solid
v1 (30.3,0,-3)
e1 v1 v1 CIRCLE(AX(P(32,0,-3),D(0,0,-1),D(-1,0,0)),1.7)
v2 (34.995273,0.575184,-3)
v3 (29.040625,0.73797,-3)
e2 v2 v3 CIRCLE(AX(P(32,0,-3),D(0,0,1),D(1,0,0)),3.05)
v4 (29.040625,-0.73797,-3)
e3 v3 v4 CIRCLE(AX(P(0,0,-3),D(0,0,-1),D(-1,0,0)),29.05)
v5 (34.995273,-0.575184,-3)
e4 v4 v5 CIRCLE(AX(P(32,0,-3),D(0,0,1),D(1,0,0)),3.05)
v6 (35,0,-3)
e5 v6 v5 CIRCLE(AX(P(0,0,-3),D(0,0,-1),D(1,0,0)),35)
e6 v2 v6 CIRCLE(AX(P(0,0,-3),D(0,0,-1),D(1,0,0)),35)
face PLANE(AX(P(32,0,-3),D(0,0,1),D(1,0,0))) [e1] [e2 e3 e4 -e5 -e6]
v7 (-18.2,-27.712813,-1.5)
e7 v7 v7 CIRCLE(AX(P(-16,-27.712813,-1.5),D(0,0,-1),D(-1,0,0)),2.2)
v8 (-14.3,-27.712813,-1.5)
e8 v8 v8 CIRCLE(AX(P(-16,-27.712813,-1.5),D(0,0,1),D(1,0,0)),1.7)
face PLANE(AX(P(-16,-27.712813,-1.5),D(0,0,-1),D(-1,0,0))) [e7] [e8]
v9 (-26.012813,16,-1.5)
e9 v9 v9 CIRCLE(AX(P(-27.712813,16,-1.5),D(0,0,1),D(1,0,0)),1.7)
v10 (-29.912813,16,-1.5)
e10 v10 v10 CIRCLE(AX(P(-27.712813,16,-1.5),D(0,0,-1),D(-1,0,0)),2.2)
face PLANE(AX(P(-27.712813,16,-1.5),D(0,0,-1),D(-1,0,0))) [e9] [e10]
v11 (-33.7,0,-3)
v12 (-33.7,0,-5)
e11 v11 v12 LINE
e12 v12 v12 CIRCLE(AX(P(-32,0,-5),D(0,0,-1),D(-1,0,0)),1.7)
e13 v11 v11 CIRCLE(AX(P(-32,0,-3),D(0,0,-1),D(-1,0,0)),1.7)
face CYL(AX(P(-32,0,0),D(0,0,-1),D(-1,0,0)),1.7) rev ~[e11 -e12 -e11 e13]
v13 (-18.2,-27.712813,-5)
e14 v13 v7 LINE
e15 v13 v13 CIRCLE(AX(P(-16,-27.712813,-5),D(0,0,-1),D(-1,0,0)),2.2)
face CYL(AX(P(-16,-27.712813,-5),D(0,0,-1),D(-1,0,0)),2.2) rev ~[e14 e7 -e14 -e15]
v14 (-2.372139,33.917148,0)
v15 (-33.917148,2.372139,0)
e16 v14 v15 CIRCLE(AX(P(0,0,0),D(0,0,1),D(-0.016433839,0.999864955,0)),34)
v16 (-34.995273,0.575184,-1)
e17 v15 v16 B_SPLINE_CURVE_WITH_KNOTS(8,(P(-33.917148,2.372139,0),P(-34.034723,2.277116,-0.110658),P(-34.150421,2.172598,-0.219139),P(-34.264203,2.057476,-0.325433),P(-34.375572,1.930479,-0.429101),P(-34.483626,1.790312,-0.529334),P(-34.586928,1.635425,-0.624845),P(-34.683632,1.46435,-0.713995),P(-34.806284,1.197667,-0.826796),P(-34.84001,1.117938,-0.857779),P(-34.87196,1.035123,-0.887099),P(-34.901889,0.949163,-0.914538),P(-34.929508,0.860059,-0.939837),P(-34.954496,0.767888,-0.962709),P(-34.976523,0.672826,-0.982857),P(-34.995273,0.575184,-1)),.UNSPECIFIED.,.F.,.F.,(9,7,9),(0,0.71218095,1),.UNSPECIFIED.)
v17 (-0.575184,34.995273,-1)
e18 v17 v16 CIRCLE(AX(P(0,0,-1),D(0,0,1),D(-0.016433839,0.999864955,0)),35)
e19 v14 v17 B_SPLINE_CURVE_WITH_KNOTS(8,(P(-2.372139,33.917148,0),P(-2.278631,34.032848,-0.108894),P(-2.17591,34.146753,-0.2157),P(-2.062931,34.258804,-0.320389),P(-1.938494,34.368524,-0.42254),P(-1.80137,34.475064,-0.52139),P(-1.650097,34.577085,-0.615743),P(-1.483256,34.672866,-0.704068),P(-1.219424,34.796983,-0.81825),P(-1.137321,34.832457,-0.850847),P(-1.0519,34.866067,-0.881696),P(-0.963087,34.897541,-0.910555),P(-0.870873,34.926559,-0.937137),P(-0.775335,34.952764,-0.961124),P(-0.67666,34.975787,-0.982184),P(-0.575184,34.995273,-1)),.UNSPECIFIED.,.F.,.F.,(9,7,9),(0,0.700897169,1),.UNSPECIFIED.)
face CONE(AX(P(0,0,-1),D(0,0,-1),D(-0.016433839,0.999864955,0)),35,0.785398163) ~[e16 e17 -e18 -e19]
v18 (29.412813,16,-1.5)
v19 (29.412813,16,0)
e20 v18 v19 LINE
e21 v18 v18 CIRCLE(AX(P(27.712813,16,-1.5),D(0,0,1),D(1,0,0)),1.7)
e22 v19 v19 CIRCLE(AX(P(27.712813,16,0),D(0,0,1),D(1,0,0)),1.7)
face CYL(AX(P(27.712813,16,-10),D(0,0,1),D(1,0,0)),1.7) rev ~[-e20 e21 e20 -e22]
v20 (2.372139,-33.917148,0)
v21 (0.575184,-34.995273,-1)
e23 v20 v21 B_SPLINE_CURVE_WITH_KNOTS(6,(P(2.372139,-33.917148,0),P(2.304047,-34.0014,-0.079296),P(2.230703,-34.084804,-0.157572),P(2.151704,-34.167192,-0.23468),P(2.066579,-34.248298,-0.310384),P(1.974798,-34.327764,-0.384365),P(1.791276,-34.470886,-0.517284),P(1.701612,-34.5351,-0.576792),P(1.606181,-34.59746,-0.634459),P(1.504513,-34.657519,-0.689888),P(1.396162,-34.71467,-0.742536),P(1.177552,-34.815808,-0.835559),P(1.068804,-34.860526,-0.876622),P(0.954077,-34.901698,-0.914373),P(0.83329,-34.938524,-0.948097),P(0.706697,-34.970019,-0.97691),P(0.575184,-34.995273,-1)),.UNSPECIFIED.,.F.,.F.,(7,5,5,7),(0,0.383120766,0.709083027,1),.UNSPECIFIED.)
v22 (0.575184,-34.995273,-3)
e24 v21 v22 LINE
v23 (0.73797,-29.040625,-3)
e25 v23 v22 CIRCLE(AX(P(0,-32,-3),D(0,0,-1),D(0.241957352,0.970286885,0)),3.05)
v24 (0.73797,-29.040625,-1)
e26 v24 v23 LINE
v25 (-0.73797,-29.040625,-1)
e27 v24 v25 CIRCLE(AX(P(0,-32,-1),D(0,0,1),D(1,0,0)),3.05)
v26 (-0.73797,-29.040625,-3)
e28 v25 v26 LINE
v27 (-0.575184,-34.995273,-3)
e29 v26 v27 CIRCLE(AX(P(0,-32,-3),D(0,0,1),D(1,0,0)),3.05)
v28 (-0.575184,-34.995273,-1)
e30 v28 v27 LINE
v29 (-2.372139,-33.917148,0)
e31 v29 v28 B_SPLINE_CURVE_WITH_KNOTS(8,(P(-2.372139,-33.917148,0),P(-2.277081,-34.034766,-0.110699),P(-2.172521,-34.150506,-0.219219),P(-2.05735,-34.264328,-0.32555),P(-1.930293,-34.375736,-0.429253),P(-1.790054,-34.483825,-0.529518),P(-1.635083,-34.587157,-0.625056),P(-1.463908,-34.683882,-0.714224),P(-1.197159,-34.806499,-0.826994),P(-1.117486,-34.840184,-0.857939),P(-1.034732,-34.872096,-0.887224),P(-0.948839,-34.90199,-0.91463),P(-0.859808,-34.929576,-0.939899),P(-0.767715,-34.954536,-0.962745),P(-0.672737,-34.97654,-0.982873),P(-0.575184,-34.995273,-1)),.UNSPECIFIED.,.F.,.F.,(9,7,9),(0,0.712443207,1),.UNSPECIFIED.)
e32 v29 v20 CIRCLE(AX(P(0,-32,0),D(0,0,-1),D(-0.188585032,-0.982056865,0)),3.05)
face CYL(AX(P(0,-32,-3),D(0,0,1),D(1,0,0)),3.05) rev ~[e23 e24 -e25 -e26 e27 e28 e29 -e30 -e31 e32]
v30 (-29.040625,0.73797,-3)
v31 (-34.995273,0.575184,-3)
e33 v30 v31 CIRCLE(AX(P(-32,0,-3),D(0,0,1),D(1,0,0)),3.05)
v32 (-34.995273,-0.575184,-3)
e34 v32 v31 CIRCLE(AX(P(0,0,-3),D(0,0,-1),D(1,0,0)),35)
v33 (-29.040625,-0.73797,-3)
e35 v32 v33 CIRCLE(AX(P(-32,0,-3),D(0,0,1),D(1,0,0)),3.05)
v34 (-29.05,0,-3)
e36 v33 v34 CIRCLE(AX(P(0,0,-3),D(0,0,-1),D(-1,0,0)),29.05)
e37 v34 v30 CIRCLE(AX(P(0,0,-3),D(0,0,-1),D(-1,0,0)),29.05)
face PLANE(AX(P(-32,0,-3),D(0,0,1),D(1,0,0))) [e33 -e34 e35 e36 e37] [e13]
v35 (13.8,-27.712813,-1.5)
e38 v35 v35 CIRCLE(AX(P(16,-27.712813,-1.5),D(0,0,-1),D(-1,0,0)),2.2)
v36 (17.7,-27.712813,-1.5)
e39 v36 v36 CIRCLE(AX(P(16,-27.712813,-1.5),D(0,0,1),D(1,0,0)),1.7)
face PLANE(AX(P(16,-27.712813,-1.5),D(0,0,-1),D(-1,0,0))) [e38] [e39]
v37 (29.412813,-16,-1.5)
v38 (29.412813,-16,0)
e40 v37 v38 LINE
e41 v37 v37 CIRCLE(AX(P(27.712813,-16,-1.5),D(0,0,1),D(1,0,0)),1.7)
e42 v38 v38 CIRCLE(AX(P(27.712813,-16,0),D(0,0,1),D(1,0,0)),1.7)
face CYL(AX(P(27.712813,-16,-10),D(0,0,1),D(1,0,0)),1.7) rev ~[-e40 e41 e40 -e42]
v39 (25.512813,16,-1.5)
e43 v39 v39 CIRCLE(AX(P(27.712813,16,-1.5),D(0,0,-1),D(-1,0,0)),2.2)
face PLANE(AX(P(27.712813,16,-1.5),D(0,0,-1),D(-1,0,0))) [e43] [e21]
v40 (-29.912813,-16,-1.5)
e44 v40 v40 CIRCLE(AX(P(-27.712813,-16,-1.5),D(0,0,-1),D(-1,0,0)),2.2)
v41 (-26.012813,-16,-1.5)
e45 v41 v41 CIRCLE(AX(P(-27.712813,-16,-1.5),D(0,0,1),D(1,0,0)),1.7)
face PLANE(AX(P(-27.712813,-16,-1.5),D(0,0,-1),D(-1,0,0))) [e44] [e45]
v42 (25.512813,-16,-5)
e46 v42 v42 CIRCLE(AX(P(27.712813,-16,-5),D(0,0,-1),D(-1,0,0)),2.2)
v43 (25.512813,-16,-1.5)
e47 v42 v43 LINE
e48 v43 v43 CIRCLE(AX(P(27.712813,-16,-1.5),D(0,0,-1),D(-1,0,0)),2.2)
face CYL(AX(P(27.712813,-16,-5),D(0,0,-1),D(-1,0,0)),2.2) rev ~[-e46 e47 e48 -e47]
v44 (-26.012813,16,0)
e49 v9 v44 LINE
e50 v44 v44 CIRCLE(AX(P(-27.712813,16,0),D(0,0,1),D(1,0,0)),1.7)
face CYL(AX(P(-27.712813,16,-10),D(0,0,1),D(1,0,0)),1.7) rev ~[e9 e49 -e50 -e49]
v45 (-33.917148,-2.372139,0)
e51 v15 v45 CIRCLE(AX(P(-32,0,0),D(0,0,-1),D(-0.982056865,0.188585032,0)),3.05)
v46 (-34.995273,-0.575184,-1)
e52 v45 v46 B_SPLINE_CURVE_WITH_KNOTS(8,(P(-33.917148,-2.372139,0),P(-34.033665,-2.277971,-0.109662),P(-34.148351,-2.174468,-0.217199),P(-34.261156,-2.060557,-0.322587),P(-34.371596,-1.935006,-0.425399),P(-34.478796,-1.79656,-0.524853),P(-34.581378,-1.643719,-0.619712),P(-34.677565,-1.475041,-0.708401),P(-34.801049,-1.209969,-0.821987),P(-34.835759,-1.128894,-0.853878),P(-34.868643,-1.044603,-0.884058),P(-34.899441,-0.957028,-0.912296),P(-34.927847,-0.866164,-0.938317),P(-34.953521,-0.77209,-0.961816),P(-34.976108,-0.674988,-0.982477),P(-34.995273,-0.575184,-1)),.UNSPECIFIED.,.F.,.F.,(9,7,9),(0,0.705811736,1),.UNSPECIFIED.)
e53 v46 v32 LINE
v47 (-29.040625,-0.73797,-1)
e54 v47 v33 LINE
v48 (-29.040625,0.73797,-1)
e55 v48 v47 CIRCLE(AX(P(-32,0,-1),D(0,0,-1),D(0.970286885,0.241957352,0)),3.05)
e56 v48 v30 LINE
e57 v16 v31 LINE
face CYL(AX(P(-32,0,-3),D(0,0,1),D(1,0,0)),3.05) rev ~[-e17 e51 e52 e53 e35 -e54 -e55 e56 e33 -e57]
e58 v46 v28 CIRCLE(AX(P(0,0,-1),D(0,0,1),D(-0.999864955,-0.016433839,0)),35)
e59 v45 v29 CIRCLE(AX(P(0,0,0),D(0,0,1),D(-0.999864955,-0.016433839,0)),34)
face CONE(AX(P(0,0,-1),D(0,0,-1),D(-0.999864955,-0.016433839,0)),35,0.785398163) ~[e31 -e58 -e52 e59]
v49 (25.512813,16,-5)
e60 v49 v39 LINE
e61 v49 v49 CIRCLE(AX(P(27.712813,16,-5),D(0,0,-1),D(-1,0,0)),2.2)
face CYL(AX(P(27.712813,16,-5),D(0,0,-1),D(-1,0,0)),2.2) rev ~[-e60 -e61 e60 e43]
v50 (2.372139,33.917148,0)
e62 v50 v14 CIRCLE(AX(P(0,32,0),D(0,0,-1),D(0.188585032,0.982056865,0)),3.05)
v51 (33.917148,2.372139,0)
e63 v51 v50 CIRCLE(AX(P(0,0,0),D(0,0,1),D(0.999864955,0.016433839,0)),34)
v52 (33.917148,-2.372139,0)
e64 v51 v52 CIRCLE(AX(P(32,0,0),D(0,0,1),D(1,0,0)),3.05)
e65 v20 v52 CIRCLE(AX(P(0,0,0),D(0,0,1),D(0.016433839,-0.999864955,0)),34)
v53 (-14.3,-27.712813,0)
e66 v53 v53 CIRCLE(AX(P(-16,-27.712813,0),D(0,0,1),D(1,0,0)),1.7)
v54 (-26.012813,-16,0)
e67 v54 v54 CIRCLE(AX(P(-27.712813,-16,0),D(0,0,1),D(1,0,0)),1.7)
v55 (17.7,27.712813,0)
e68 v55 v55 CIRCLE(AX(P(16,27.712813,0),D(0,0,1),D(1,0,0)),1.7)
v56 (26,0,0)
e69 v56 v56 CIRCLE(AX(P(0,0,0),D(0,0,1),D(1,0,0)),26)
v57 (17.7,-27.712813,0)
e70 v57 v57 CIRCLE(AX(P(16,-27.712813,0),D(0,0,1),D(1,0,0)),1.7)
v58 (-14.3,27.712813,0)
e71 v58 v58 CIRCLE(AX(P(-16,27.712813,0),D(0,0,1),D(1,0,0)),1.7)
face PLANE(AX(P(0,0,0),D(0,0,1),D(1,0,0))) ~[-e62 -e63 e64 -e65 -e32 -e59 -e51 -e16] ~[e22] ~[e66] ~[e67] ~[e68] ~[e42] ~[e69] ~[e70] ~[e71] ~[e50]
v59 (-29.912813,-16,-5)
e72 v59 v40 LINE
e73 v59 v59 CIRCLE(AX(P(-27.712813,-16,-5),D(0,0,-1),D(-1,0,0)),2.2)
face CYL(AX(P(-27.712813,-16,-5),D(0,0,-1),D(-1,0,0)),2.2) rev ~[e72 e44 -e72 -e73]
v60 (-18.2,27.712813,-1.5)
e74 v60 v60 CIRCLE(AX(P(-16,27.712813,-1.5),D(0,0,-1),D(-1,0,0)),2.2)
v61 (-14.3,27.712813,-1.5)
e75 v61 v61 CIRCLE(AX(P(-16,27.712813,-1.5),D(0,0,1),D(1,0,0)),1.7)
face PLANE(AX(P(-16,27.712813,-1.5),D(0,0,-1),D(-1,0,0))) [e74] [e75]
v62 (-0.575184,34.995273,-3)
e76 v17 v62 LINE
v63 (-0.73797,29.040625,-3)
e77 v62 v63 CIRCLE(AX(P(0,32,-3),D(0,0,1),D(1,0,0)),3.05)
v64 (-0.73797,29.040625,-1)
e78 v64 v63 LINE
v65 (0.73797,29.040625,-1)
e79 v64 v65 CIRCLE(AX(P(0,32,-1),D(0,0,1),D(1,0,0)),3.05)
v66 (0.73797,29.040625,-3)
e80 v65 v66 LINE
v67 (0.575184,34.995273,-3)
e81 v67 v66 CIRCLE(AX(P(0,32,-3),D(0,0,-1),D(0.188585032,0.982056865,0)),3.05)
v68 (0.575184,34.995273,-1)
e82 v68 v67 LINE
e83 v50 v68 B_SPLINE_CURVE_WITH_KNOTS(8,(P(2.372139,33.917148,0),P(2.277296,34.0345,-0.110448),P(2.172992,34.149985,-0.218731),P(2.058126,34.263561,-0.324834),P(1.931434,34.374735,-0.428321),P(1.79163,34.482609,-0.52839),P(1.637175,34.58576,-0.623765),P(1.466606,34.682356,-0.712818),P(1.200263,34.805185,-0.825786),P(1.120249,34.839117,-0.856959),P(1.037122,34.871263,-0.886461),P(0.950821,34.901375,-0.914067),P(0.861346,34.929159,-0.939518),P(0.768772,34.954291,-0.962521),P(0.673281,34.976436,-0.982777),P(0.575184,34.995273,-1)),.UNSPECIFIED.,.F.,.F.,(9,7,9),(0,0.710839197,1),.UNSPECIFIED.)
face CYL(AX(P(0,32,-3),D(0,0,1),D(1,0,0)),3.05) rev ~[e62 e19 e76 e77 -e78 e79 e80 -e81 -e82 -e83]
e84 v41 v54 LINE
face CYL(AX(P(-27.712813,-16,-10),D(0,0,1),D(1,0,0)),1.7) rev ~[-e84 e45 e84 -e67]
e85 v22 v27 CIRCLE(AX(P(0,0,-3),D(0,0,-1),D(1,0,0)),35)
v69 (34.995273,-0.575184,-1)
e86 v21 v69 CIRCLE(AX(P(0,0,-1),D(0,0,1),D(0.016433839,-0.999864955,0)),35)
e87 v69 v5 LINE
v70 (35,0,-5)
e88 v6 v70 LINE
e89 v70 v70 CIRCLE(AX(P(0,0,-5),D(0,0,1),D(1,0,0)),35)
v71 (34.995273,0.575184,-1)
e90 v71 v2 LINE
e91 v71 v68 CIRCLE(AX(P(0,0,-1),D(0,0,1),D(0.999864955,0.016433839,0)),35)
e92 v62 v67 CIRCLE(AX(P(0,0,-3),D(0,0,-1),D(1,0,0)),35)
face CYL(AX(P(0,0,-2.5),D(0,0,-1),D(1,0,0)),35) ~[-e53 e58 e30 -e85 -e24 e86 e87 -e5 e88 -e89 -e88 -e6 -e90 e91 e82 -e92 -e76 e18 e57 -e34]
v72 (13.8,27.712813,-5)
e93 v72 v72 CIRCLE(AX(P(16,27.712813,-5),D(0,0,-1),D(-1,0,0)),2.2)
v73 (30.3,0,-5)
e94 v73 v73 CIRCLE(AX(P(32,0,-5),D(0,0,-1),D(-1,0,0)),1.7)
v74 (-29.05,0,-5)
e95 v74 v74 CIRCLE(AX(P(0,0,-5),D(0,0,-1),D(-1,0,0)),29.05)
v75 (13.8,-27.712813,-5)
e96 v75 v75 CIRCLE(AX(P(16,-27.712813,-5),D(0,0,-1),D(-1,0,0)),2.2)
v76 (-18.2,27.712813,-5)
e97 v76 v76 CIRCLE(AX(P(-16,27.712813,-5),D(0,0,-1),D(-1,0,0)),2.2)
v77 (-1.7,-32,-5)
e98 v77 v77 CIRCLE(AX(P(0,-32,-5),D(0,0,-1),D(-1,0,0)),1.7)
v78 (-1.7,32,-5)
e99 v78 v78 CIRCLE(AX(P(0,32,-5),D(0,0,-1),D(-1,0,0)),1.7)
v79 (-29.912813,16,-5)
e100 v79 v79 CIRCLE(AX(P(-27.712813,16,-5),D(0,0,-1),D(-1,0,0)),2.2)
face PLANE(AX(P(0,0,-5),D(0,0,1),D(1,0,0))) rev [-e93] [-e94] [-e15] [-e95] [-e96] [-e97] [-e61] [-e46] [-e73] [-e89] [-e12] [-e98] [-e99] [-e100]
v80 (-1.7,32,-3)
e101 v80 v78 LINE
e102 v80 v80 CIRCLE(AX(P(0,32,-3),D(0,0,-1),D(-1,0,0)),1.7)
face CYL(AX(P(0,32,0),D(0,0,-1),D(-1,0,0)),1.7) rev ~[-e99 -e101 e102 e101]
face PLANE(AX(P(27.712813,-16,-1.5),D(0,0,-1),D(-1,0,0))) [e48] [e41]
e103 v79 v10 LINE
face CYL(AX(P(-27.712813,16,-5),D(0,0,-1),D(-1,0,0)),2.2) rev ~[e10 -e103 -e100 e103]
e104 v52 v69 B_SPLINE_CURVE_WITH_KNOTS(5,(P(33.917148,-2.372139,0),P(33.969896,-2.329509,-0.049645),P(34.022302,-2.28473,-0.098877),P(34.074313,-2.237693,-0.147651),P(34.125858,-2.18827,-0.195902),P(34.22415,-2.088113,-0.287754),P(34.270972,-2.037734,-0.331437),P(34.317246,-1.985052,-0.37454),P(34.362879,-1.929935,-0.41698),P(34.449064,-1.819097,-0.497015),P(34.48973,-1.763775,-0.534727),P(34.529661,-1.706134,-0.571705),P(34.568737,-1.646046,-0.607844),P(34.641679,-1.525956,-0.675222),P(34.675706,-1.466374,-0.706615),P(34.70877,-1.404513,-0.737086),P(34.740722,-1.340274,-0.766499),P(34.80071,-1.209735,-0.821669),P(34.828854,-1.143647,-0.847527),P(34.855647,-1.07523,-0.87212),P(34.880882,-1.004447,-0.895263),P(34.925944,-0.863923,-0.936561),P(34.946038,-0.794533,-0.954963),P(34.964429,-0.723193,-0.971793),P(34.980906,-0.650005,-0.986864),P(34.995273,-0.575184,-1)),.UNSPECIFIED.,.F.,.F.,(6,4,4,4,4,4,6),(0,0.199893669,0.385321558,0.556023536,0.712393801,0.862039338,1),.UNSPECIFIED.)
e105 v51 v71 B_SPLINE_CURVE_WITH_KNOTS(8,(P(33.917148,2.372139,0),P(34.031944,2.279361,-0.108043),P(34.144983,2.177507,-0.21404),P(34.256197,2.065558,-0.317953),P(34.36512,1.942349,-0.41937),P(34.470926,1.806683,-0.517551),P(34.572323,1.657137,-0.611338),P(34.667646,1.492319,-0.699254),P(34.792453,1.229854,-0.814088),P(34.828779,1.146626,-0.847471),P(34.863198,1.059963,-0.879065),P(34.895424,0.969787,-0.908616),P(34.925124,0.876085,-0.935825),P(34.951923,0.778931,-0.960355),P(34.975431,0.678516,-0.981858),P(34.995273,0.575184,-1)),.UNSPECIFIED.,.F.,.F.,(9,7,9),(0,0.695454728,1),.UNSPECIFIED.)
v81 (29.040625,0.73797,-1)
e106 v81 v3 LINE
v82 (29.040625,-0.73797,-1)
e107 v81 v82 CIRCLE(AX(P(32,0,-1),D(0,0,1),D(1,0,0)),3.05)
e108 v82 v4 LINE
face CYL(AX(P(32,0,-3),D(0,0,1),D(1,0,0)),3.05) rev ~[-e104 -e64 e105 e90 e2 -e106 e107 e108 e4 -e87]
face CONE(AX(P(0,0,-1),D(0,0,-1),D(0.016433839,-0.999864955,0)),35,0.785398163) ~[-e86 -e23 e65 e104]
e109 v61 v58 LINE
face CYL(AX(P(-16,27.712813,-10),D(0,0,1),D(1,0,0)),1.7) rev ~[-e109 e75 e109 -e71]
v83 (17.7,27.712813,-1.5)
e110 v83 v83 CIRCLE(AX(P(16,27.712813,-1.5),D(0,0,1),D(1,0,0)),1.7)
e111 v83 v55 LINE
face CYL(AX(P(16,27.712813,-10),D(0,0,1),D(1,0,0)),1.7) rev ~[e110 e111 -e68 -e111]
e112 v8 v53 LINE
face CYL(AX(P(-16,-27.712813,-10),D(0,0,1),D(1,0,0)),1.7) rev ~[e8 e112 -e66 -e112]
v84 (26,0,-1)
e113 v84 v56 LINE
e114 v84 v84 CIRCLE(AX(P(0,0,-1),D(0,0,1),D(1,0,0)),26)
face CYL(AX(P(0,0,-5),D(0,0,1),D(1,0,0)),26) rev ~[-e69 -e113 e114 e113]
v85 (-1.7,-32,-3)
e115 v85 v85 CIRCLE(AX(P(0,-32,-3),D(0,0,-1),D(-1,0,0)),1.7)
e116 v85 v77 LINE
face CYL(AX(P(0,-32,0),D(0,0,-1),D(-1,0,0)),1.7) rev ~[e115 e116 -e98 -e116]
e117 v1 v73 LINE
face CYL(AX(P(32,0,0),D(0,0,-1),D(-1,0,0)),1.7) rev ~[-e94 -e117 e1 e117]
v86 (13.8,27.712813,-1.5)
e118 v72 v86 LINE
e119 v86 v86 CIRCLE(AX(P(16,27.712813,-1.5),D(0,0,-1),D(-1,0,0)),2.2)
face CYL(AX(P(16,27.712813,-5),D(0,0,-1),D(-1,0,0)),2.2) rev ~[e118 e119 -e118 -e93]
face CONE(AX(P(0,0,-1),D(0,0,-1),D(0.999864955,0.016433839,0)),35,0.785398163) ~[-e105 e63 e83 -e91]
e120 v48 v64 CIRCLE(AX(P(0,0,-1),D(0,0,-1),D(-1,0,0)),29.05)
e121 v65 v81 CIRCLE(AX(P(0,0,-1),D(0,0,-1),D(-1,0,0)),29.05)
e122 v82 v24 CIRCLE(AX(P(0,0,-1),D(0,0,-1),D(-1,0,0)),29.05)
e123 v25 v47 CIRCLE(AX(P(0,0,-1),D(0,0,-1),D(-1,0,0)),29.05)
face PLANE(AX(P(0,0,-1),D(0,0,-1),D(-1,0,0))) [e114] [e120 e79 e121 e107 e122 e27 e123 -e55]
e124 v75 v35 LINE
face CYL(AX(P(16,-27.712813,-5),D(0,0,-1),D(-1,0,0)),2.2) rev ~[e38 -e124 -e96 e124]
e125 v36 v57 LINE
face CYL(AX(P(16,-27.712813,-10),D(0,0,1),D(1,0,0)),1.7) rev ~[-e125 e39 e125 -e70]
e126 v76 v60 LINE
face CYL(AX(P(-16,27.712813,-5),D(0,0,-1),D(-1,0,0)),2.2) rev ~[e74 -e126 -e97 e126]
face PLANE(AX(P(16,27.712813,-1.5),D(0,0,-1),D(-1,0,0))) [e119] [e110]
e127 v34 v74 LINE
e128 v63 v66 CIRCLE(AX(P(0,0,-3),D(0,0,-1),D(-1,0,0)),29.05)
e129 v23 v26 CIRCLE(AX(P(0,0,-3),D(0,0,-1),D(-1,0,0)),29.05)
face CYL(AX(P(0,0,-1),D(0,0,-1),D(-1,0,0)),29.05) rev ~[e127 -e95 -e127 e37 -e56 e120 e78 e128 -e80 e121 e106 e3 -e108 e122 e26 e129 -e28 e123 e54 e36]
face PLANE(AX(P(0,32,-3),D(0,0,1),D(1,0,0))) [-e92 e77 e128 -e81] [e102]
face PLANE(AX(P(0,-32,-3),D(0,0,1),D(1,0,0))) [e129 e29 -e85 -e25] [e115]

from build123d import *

# Parameters (mm, degrees)
SKETCH_1_W                = 35
SKETCH_1_H                = 5
HOLE_WIZARD_1_D           = 3.4
HOLE_WIZARD_1_DEPTH       = 5
HOLE_WIZARD_2_D           = 52
HOLE_WIZARD_2_DEPTH       = 5
HOLE_WIZARD_2_CBORE_D     = 58.1
HOLE_WIZARD_2_CBORE_DEPTH = 4
HOLE_WIZARD_3_D           = 3.4
HOLE_WIZARD_3_DEPTH       = 5
HOLE_WIZARD_3_CBORE_D     = 6.1
HOLE_WIZARD_3_CBORE_DEPTH = 3
CHAMFER_1_SIZE            = 1
SKETCH_8_R                = 2.2
CUT_EXTRUDE_1_DEPTH       = 3.5


with BuildPart() as part:
    # 草图1 → 旋转1 (revolve)
    with BuildSketch(Plane(origin=(0, 0, 0), x_dir=(1, 0, 0), z_dir=(0, 1, 0))):
        with Locations((17.5, 2.5)):
            Rectangle(SKETCH_1_W, SKETCH_1_H)
    revolve(axis=Axis((0, 0, -5), (0, 0, 1)))

    # 孔1
    with Locations(Plane(origin=(0, 0, -5), x_dir=(-1, 0, 0), z_dir=(0, 0, -1))):
        with Locations((16, -27.712812921), (-16, -27.712812921), (-27.712812921, -16), (-27.712812921, 16), (-16, 27.712812921), (16, 27.712812921), (27.712812921, 16), (27.712812921, -16)):
            Hole(HOLE_WIZARD_1_D / 2, depth=HOLE_WIZARD_1_DEPTH)

    # 孔2
    with Locations(Plane(origin=(0, 0, -5), x_dir=(-1, 0, 0), z_dir=(0, 0, -1))):
        with Locations((0, 0)):
            CounterBoreHole(HOLE_WIZARD_2_D / 2, HOLE_WIZARD_2_CBORE_D / 2, HOLE_WIZARD_2_CBORE_DEPTH, depth=HOLE_WIZARD_2_DEPTH)

    # 孔3
    with Locations(Plane.XY):
        with Locations((0, -32), (0, 32), (-32, 0), (32, 0)):
            CounterBoreHole(HOLE_WIZARD_3_D / 2, HOLE_WIZARD_3_CBORE_D / 2, HOLE_WIZARD_3_CBORE_DEPTH, depth=HOLE_WIZARD_3_DEPTH)

    # 倒角1
    chamfer_1_edges = [part.edges().sort_by_distance(p)[0] for p in [
        (-24.748737342, 24.748737342, 0),
        (24.748737342, -24.748737342, 0),
        (24.748737342, 24.748737342, 0),
        (-24.748737342, -24.748737342, 0),
    ]]
    chamfer(chamfer_1_edges, length=CHAMFER_1_SIZE)

    # 草图8 → 切除-拉伸1 (cut)
    with BuildSketch(Plane(origin=(0, 0, -5), x_dir=(-1, 0, 0), z_dir=(0, 0, -1))):
        with Locations((-27.712812921, 16)):
            Circle(SKETCH_8_R)
        with Locations((-16, 27.712812921)):
            Circle(SKETCH_8_R)
        with Locations((16, 27.712812921)):
            Circle(SKETCH_8_R)
        with Locations((27.712812921, 16)):
            Circle(SKETCH_8_R)
        with Locations((27.712812921, -16)):
            Circle(SKETCH_8_R)
        with Locations((16, -27.712812921)):
            Circle(SKETCH_8_R)
        with Locations((-16, -27.712812921)):
            Circle(SKETCH_8_R)
        with Locations((-27.712812921, -16)):
            Circle(SKETCH_8_R)
    extrude(amount=-CUT_EXTRUDE_1_DEPTH, mode=Mode.SUBTRACT)


solid = part.part
